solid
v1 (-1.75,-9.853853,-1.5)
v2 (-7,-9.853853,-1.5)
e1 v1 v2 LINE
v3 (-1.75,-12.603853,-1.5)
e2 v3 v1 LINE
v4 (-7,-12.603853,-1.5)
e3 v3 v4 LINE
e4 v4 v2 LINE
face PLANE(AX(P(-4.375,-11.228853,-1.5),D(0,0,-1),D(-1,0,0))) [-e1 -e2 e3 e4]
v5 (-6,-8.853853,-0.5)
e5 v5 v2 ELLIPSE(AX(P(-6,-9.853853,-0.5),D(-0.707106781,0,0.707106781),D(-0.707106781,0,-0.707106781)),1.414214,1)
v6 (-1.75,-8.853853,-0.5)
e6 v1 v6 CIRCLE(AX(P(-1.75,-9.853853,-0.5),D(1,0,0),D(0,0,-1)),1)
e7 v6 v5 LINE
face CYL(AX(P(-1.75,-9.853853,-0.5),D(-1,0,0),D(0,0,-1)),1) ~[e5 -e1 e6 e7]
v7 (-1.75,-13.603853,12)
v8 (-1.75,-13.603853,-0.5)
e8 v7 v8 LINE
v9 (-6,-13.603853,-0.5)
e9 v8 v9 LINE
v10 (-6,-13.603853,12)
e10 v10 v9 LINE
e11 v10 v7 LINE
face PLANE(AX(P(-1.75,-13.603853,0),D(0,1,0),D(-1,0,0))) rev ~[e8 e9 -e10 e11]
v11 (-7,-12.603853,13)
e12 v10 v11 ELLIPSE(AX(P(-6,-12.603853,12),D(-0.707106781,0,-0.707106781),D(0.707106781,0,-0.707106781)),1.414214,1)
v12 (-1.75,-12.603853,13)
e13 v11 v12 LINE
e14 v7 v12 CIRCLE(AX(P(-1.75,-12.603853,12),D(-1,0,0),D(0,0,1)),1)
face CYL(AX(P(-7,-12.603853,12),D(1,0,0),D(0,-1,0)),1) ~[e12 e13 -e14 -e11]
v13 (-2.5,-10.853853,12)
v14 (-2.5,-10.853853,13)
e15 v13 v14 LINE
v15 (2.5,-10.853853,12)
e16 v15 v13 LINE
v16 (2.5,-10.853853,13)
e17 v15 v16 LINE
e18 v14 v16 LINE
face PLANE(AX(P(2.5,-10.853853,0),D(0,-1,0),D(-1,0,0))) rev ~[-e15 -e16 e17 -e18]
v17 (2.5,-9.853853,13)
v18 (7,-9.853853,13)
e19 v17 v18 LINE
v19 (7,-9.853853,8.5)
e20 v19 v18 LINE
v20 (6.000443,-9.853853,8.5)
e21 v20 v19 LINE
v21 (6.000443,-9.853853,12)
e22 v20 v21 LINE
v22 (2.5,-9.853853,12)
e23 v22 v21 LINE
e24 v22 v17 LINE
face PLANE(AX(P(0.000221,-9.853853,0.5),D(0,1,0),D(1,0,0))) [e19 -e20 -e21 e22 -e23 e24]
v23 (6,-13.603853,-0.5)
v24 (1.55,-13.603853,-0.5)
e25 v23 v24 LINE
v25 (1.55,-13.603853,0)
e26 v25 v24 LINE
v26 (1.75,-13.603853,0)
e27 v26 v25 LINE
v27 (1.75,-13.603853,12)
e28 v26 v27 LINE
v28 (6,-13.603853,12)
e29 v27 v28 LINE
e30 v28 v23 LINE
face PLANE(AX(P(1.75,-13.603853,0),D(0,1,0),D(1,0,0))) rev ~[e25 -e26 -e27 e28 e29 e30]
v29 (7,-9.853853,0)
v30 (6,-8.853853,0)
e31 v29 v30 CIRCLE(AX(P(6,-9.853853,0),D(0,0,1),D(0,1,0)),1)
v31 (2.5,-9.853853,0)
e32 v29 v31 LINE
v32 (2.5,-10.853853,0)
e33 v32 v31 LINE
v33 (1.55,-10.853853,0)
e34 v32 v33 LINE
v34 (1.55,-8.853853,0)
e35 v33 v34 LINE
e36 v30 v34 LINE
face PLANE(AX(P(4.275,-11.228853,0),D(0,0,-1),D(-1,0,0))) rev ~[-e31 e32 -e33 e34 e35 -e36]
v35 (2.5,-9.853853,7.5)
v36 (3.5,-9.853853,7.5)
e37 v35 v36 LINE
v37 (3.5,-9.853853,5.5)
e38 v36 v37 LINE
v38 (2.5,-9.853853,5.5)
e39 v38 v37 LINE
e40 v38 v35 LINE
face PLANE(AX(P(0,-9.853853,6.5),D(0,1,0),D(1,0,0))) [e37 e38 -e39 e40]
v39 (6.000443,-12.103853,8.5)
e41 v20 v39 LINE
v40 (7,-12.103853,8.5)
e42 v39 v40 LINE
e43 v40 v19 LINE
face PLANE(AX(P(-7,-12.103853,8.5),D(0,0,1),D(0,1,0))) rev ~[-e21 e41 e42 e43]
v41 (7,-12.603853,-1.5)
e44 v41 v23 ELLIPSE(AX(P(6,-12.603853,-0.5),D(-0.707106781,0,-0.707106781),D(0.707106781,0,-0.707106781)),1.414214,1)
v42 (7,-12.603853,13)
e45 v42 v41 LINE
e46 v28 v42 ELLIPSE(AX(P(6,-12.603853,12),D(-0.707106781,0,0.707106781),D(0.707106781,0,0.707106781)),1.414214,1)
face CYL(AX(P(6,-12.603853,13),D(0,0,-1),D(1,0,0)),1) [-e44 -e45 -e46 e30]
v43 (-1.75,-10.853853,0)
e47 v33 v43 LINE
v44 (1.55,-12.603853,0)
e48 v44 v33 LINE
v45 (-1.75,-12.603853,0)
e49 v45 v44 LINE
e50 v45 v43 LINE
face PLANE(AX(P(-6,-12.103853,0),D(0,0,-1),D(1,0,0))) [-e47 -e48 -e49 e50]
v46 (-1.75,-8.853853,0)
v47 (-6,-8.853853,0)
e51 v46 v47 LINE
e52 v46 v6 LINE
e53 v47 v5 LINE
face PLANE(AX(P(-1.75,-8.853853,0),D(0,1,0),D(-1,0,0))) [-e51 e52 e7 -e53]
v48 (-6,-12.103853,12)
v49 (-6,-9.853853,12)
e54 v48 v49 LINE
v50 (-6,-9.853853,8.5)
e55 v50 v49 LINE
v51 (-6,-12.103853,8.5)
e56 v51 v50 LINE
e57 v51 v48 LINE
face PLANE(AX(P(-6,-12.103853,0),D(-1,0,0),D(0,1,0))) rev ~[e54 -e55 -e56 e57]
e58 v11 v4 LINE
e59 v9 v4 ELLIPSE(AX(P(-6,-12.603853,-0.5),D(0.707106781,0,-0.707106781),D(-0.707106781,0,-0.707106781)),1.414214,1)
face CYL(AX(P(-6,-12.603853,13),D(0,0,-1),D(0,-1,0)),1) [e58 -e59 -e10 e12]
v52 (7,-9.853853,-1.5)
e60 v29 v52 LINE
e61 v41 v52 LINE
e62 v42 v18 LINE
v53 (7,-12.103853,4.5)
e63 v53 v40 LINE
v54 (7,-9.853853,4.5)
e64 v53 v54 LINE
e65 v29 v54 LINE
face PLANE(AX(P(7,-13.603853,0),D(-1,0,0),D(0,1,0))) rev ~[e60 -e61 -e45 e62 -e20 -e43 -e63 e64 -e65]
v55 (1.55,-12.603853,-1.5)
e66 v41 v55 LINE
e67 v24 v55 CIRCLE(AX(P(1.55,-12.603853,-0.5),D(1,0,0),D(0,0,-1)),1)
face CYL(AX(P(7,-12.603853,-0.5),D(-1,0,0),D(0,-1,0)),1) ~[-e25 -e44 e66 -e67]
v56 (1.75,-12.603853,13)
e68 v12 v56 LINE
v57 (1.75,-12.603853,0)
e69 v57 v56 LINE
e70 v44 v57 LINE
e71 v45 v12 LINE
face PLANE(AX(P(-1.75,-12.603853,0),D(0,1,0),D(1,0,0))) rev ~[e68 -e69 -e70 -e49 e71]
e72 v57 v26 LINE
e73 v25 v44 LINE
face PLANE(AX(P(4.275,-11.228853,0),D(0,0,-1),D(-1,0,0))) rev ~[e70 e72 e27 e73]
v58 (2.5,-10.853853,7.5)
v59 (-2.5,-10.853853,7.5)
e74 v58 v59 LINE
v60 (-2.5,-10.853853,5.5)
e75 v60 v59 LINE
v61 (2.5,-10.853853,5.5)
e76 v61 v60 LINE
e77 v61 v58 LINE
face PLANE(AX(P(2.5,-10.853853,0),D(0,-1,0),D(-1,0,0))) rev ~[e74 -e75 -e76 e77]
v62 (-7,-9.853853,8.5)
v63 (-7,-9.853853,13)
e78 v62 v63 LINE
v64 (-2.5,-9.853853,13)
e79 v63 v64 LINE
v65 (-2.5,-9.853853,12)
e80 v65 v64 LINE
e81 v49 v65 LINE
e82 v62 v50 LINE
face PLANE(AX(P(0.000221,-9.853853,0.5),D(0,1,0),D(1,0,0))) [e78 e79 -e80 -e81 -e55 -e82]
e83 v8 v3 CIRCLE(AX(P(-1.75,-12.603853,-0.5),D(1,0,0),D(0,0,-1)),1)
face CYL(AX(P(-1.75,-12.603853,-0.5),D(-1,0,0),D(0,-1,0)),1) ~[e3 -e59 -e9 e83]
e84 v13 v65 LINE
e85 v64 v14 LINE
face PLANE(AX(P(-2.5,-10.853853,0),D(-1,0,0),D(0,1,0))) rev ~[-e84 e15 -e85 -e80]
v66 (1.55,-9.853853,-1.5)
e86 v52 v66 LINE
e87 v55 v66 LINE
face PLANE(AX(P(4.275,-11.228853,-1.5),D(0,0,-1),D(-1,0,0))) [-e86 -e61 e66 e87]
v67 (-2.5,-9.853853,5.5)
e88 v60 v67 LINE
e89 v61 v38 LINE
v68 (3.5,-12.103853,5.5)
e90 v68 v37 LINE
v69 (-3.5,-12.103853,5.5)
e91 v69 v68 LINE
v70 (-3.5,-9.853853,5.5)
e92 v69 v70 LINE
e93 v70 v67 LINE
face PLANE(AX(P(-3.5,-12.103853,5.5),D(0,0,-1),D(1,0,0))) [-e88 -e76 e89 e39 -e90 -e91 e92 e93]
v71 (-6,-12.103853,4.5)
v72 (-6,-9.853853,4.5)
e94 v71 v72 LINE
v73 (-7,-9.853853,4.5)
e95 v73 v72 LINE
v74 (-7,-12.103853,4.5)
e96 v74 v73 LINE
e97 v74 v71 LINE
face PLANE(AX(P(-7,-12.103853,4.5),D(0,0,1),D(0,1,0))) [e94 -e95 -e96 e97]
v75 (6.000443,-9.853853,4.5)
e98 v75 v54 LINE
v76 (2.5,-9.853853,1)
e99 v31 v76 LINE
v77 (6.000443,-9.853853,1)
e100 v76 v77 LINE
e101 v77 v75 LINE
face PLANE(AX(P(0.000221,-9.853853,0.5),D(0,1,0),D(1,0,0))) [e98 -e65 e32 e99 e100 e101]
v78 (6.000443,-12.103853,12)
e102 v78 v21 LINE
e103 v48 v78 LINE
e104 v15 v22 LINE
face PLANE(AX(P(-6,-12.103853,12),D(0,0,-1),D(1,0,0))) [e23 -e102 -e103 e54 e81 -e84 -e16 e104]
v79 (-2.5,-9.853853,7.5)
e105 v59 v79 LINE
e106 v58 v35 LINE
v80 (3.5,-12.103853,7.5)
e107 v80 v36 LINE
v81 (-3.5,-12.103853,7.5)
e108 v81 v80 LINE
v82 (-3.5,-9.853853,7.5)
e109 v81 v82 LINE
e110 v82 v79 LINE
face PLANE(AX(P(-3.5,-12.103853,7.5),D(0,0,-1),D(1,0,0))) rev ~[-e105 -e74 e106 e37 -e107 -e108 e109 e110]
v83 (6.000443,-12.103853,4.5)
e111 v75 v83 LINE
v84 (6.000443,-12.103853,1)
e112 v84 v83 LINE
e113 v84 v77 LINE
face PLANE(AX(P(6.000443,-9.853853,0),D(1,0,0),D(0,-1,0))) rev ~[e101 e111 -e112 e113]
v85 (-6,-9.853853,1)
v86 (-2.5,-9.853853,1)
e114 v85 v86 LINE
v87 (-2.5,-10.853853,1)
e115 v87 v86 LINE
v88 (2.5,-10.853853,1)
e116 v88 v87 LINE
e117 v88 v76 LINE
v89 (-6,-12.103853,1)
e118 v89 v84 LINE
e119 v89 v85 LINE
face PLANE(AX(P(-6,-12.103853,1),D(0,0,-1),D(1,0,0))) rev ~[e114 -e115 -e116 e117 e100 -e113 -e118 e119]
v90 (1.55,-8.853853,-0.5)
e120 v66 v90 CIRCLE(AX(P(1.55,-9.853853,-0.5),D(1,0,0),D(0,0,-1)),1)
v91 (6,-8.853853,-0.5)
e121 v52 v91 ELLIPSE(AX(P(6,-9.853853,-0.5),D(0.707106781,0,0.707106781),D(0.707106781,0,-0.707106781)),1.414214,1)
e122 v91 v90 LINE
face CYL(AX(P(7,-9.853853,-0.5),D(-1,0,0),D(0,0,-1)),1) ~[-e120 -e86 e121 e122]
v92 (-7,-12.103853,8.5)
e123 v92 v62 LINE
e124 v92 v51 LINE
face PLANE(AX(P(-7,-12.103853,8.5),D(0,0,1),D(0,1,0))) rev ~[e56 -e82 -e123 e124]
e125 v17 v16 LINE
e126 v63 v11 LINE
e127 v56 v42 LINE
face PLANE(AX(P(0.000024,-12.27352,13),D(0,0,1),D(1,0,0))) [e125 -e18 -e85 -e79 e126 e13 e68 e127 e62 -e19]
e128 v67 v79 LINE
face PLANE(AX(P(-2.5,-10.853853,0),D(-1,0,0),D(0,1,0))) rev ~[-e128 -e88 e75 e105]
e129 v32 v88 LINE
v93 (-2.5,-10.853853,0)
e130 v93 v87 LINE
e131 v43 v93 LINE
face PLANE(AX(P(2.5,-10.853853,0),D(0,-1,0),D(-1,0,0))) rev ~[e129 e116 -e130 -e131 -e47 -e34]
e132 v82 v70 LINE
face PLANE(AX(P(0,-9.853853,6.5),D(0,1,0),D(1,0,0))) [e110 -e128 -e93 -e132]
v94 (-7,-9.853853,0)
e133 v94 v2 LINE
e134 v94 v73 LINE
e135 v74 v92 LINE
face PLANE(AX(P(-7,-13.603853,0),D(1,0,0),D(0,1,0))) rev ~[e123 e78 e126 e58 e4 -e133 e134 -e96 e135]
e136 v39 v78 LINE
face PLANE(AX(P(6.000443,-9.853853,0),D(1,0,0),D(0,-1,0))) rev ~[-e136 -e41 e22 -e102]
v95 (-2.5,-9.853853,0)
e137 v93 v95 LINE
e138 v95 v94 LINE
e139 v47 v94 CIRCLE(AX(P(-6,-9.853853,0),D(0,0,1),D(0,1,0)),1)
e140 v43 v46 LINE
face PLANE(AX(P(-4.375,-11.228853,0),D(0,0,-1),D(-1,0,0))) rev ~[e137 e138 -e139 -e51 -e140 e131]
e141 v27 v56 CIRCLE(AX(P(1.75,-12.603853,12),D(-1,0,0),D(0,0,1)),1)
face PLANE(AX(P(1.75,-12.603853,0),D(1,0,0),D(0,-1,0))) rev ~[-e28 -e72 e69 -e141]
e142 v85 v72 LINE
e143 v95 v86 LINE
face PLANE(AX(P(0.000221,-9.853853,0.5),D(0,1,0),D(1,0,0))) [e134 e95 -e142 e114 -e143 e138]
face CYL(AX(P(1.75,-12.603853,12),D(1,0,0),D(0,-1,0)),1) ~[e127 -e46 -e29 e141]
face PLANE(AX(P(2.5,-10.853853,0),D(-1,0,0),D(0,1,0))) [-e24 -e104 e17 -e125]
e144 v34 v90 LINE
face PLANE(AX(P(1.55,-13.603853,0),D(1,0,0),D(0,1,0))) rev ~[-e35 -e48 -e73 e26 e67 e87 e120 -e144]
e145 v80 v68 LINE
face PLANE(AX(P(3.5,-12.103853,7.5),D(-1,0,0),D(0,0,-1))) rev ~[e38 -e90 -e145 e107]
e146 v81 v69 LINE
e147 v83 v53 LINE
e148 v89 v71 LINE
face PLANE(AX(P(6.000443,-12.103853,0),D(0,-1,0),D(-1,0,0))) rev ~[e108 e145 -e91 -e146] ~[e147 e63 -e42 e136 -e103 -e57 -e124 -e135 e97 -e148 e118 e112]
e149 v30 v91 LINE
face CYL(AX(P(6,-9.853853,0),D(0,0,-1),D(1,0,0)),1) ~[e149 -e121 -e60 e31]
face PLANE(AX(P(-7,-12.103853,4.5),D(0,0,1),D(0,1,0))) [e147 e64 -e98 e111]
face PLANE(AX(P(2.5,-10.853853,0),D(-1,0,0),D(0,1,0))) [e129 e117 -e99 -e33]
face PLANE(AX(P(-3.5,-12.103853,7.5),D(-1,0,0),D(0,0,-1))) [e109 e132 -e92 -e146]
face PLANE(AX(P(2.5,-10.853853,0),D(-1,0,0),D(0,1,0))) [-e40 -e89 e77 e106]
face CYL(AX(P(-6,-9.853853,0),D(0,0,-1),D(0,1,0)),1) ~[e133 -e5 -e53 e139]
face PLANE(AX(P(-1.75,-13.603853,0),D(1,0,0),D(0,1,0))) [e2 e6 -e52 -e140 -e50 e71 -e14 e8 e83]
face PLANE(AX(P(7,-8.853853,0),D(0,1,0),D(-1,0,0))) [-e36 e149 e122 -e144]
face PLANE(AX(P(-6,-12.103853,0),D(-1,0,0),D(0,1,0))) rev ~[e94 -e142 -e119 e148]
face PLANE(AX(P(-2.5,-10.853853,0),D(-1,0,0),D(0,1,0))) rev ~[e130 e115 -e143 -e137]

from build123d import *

# Parameters (mm, degrees)
BOSS_EXTRUDE1_DEPTH = 13
SKETCH2_W           = 12.000442616
SKETCH2_H           = 1
BOSS_EXTRUDE2_DEPTH = 2.25
CUT_EXTRUDE2_REACH  = 25.453
SKETCH5_W           = 4
SKETCH5_H           = 2.25
SKETCH6_W           = 7
SKETCH6_H           = 2
BOSS_EXTRUDE4_DEPTH = 2.25
SKETCH4_W           = 5
SKETCH4_H           = 1
CUT_EXTRUDE1_DEPTH  = 21.076474399
SKETCH7_W           = 5.25
SKETCH7_H           = 4.75
SKETCH7_W_2         = 5.45
BOSS_EXTRUDE5_DEPTH = 1.5
FILLET5_R           = 1
FILLET6_R           = 1


with BuildPart() as part:
    # Sketch1 → Boss-Extrude1 (new body)
    with BuildSketch(Plane.XY):
        Polygon((-7, -13.603853288), (-1.75, -13.603853288), (-1.75, -12.603853288), (1.75, -12.603853288), (1.75, -13.603853288), (7, -13.603853288), (7, -12.103853288), (7, -9.853853288), (6.000442616, -9.853853288), (6.000442616, -12.103853288), (-6, -12.103853288), (-6, -9.853853288), (-7, -9.853853288), (-7, -12.103853288), align=None)
    extrude(amount=BOSS_EXTRUDE1_DEPTH)

    # Sketch2 → Boss-Extrude2 (add)
    with BuildSketch(Plane(origin=(0, -12.103853288, 0), x_dir=(1, 0, 0), z_dir=(0, 1, 0))):
        with Locations((0.000221308, -0.5)):
            Rectangle(SKETCH2_W, SKETCH2_H)
        with Locations((0.000221308, -12.5)):
            Rectangle(SKETCH2_W, SKETCH2_H)
    extrude(amount=BOSS_EXTRUDE2_DEPTH)

    # Cut-Extrude2: up to this face of the body (flat: up to its plane)
    cut_extrude2_end = Plane(part.part.faces().sort_by_distance((7, -11.728853288, 6.5))[0])
    # Sketch5 → Cut-Extrude2 (cut, up to the picked face)
    with BuildSketch(Plane.ZY.offset(7), mode=Mode.PRIVATE) as cut_extrude2_sk1:
        with Locations((6.5, -10.978853288)):
            Rectangle(SKETCH5_W, SKETCH5_H)
    cut_extrude2_tool1 = split(extrude(cut_extrude2_sk1.sketch, amount=-CUT_EXTRUDE2_REACH, mode=Mode.PRIVATE), bisect_by=cut_extrude2_end, keep=Keep.BOTH, mode=Mode.PRIVATE)
    add(cut_extrude2_tool1.solids().sort_by(Axis((-7, -10.978853, 6.5), (1, 0, 0)))[0], mode=Mode.SUBTRACT)

    # Sketch6 → Boss-Extrude4 (add)
    with BuildSketch(Plane(origin=(0, -12.103853288, 0), x_dir=(1, 0, 0), z_dir=(0, 1, 0))):
        with Locations((0, -6.5)):
            Rectangle(SKETCH6_W, SKETCH6_H)
    extrude(amount=BOSS_EXTRUDE4_DEPTH)

    # Sketch4 → Cut-Extrude1 (cut, through all)
    with BuildSketch(Plane(origin=(0, 0, 0), x_dir=(-1, 0, 0), z_dir=(0, 0, -1))):
        with Locations((0, -10.353853288)):
            Rectangle(SKETCH4_W, SKETCH4_H)
    extrude(amount=-CUT_EXTRUDE1_DEPTH, mode=Mode.SUBTRACT)

    # Sketch7 → Boss-Extrude5 (add)
    with BuildSketch(Plane(origin=(0, 0, 0), x_dir=(-1, 0, 0), z_dir=(0, 0, -1))):
        with Locations((4.375, -11.228853288)):
            Rectangle(SKETCH7_W, SKETCH7_H)
        with Locations((-4.275, -11.228853288)):
            Rectangle(SKETCH7_W_2, SKETCH7_H)
    extrude(amount=BOSS_EXTRUDE5_DEPTH)

    # Fillet5
    fillet5_edges = [part.edges().sort_by_distance(p)[0] for p in [
        (4.375, -13.603853288, 13),
        (-4.375, -13.603853288, -1.5),
        (-4.375, -13.603853288, 13),
        (-7, -13.603853288, 5.75),
        (7, -13.603853288, 5.75),
        (4.275, -13.603853288, -1.5),
    ]]
    fillet(fillet5_edges, radius=FILLET5_R)

    # Fillet6
    fillet6_edges = [part.edges().sort_by_distance(p)[0] for p in [
        (-7, -8.853853288, -0.75),
        (7, -8.853853288, -0.75),
        (-4.375, -8.853853288, -1.5),
        (4.275, -8.853853288, -1.5),
    ]]
    fillet(fillet6_edges, radius=FILLET6_R)


solid = part.part
